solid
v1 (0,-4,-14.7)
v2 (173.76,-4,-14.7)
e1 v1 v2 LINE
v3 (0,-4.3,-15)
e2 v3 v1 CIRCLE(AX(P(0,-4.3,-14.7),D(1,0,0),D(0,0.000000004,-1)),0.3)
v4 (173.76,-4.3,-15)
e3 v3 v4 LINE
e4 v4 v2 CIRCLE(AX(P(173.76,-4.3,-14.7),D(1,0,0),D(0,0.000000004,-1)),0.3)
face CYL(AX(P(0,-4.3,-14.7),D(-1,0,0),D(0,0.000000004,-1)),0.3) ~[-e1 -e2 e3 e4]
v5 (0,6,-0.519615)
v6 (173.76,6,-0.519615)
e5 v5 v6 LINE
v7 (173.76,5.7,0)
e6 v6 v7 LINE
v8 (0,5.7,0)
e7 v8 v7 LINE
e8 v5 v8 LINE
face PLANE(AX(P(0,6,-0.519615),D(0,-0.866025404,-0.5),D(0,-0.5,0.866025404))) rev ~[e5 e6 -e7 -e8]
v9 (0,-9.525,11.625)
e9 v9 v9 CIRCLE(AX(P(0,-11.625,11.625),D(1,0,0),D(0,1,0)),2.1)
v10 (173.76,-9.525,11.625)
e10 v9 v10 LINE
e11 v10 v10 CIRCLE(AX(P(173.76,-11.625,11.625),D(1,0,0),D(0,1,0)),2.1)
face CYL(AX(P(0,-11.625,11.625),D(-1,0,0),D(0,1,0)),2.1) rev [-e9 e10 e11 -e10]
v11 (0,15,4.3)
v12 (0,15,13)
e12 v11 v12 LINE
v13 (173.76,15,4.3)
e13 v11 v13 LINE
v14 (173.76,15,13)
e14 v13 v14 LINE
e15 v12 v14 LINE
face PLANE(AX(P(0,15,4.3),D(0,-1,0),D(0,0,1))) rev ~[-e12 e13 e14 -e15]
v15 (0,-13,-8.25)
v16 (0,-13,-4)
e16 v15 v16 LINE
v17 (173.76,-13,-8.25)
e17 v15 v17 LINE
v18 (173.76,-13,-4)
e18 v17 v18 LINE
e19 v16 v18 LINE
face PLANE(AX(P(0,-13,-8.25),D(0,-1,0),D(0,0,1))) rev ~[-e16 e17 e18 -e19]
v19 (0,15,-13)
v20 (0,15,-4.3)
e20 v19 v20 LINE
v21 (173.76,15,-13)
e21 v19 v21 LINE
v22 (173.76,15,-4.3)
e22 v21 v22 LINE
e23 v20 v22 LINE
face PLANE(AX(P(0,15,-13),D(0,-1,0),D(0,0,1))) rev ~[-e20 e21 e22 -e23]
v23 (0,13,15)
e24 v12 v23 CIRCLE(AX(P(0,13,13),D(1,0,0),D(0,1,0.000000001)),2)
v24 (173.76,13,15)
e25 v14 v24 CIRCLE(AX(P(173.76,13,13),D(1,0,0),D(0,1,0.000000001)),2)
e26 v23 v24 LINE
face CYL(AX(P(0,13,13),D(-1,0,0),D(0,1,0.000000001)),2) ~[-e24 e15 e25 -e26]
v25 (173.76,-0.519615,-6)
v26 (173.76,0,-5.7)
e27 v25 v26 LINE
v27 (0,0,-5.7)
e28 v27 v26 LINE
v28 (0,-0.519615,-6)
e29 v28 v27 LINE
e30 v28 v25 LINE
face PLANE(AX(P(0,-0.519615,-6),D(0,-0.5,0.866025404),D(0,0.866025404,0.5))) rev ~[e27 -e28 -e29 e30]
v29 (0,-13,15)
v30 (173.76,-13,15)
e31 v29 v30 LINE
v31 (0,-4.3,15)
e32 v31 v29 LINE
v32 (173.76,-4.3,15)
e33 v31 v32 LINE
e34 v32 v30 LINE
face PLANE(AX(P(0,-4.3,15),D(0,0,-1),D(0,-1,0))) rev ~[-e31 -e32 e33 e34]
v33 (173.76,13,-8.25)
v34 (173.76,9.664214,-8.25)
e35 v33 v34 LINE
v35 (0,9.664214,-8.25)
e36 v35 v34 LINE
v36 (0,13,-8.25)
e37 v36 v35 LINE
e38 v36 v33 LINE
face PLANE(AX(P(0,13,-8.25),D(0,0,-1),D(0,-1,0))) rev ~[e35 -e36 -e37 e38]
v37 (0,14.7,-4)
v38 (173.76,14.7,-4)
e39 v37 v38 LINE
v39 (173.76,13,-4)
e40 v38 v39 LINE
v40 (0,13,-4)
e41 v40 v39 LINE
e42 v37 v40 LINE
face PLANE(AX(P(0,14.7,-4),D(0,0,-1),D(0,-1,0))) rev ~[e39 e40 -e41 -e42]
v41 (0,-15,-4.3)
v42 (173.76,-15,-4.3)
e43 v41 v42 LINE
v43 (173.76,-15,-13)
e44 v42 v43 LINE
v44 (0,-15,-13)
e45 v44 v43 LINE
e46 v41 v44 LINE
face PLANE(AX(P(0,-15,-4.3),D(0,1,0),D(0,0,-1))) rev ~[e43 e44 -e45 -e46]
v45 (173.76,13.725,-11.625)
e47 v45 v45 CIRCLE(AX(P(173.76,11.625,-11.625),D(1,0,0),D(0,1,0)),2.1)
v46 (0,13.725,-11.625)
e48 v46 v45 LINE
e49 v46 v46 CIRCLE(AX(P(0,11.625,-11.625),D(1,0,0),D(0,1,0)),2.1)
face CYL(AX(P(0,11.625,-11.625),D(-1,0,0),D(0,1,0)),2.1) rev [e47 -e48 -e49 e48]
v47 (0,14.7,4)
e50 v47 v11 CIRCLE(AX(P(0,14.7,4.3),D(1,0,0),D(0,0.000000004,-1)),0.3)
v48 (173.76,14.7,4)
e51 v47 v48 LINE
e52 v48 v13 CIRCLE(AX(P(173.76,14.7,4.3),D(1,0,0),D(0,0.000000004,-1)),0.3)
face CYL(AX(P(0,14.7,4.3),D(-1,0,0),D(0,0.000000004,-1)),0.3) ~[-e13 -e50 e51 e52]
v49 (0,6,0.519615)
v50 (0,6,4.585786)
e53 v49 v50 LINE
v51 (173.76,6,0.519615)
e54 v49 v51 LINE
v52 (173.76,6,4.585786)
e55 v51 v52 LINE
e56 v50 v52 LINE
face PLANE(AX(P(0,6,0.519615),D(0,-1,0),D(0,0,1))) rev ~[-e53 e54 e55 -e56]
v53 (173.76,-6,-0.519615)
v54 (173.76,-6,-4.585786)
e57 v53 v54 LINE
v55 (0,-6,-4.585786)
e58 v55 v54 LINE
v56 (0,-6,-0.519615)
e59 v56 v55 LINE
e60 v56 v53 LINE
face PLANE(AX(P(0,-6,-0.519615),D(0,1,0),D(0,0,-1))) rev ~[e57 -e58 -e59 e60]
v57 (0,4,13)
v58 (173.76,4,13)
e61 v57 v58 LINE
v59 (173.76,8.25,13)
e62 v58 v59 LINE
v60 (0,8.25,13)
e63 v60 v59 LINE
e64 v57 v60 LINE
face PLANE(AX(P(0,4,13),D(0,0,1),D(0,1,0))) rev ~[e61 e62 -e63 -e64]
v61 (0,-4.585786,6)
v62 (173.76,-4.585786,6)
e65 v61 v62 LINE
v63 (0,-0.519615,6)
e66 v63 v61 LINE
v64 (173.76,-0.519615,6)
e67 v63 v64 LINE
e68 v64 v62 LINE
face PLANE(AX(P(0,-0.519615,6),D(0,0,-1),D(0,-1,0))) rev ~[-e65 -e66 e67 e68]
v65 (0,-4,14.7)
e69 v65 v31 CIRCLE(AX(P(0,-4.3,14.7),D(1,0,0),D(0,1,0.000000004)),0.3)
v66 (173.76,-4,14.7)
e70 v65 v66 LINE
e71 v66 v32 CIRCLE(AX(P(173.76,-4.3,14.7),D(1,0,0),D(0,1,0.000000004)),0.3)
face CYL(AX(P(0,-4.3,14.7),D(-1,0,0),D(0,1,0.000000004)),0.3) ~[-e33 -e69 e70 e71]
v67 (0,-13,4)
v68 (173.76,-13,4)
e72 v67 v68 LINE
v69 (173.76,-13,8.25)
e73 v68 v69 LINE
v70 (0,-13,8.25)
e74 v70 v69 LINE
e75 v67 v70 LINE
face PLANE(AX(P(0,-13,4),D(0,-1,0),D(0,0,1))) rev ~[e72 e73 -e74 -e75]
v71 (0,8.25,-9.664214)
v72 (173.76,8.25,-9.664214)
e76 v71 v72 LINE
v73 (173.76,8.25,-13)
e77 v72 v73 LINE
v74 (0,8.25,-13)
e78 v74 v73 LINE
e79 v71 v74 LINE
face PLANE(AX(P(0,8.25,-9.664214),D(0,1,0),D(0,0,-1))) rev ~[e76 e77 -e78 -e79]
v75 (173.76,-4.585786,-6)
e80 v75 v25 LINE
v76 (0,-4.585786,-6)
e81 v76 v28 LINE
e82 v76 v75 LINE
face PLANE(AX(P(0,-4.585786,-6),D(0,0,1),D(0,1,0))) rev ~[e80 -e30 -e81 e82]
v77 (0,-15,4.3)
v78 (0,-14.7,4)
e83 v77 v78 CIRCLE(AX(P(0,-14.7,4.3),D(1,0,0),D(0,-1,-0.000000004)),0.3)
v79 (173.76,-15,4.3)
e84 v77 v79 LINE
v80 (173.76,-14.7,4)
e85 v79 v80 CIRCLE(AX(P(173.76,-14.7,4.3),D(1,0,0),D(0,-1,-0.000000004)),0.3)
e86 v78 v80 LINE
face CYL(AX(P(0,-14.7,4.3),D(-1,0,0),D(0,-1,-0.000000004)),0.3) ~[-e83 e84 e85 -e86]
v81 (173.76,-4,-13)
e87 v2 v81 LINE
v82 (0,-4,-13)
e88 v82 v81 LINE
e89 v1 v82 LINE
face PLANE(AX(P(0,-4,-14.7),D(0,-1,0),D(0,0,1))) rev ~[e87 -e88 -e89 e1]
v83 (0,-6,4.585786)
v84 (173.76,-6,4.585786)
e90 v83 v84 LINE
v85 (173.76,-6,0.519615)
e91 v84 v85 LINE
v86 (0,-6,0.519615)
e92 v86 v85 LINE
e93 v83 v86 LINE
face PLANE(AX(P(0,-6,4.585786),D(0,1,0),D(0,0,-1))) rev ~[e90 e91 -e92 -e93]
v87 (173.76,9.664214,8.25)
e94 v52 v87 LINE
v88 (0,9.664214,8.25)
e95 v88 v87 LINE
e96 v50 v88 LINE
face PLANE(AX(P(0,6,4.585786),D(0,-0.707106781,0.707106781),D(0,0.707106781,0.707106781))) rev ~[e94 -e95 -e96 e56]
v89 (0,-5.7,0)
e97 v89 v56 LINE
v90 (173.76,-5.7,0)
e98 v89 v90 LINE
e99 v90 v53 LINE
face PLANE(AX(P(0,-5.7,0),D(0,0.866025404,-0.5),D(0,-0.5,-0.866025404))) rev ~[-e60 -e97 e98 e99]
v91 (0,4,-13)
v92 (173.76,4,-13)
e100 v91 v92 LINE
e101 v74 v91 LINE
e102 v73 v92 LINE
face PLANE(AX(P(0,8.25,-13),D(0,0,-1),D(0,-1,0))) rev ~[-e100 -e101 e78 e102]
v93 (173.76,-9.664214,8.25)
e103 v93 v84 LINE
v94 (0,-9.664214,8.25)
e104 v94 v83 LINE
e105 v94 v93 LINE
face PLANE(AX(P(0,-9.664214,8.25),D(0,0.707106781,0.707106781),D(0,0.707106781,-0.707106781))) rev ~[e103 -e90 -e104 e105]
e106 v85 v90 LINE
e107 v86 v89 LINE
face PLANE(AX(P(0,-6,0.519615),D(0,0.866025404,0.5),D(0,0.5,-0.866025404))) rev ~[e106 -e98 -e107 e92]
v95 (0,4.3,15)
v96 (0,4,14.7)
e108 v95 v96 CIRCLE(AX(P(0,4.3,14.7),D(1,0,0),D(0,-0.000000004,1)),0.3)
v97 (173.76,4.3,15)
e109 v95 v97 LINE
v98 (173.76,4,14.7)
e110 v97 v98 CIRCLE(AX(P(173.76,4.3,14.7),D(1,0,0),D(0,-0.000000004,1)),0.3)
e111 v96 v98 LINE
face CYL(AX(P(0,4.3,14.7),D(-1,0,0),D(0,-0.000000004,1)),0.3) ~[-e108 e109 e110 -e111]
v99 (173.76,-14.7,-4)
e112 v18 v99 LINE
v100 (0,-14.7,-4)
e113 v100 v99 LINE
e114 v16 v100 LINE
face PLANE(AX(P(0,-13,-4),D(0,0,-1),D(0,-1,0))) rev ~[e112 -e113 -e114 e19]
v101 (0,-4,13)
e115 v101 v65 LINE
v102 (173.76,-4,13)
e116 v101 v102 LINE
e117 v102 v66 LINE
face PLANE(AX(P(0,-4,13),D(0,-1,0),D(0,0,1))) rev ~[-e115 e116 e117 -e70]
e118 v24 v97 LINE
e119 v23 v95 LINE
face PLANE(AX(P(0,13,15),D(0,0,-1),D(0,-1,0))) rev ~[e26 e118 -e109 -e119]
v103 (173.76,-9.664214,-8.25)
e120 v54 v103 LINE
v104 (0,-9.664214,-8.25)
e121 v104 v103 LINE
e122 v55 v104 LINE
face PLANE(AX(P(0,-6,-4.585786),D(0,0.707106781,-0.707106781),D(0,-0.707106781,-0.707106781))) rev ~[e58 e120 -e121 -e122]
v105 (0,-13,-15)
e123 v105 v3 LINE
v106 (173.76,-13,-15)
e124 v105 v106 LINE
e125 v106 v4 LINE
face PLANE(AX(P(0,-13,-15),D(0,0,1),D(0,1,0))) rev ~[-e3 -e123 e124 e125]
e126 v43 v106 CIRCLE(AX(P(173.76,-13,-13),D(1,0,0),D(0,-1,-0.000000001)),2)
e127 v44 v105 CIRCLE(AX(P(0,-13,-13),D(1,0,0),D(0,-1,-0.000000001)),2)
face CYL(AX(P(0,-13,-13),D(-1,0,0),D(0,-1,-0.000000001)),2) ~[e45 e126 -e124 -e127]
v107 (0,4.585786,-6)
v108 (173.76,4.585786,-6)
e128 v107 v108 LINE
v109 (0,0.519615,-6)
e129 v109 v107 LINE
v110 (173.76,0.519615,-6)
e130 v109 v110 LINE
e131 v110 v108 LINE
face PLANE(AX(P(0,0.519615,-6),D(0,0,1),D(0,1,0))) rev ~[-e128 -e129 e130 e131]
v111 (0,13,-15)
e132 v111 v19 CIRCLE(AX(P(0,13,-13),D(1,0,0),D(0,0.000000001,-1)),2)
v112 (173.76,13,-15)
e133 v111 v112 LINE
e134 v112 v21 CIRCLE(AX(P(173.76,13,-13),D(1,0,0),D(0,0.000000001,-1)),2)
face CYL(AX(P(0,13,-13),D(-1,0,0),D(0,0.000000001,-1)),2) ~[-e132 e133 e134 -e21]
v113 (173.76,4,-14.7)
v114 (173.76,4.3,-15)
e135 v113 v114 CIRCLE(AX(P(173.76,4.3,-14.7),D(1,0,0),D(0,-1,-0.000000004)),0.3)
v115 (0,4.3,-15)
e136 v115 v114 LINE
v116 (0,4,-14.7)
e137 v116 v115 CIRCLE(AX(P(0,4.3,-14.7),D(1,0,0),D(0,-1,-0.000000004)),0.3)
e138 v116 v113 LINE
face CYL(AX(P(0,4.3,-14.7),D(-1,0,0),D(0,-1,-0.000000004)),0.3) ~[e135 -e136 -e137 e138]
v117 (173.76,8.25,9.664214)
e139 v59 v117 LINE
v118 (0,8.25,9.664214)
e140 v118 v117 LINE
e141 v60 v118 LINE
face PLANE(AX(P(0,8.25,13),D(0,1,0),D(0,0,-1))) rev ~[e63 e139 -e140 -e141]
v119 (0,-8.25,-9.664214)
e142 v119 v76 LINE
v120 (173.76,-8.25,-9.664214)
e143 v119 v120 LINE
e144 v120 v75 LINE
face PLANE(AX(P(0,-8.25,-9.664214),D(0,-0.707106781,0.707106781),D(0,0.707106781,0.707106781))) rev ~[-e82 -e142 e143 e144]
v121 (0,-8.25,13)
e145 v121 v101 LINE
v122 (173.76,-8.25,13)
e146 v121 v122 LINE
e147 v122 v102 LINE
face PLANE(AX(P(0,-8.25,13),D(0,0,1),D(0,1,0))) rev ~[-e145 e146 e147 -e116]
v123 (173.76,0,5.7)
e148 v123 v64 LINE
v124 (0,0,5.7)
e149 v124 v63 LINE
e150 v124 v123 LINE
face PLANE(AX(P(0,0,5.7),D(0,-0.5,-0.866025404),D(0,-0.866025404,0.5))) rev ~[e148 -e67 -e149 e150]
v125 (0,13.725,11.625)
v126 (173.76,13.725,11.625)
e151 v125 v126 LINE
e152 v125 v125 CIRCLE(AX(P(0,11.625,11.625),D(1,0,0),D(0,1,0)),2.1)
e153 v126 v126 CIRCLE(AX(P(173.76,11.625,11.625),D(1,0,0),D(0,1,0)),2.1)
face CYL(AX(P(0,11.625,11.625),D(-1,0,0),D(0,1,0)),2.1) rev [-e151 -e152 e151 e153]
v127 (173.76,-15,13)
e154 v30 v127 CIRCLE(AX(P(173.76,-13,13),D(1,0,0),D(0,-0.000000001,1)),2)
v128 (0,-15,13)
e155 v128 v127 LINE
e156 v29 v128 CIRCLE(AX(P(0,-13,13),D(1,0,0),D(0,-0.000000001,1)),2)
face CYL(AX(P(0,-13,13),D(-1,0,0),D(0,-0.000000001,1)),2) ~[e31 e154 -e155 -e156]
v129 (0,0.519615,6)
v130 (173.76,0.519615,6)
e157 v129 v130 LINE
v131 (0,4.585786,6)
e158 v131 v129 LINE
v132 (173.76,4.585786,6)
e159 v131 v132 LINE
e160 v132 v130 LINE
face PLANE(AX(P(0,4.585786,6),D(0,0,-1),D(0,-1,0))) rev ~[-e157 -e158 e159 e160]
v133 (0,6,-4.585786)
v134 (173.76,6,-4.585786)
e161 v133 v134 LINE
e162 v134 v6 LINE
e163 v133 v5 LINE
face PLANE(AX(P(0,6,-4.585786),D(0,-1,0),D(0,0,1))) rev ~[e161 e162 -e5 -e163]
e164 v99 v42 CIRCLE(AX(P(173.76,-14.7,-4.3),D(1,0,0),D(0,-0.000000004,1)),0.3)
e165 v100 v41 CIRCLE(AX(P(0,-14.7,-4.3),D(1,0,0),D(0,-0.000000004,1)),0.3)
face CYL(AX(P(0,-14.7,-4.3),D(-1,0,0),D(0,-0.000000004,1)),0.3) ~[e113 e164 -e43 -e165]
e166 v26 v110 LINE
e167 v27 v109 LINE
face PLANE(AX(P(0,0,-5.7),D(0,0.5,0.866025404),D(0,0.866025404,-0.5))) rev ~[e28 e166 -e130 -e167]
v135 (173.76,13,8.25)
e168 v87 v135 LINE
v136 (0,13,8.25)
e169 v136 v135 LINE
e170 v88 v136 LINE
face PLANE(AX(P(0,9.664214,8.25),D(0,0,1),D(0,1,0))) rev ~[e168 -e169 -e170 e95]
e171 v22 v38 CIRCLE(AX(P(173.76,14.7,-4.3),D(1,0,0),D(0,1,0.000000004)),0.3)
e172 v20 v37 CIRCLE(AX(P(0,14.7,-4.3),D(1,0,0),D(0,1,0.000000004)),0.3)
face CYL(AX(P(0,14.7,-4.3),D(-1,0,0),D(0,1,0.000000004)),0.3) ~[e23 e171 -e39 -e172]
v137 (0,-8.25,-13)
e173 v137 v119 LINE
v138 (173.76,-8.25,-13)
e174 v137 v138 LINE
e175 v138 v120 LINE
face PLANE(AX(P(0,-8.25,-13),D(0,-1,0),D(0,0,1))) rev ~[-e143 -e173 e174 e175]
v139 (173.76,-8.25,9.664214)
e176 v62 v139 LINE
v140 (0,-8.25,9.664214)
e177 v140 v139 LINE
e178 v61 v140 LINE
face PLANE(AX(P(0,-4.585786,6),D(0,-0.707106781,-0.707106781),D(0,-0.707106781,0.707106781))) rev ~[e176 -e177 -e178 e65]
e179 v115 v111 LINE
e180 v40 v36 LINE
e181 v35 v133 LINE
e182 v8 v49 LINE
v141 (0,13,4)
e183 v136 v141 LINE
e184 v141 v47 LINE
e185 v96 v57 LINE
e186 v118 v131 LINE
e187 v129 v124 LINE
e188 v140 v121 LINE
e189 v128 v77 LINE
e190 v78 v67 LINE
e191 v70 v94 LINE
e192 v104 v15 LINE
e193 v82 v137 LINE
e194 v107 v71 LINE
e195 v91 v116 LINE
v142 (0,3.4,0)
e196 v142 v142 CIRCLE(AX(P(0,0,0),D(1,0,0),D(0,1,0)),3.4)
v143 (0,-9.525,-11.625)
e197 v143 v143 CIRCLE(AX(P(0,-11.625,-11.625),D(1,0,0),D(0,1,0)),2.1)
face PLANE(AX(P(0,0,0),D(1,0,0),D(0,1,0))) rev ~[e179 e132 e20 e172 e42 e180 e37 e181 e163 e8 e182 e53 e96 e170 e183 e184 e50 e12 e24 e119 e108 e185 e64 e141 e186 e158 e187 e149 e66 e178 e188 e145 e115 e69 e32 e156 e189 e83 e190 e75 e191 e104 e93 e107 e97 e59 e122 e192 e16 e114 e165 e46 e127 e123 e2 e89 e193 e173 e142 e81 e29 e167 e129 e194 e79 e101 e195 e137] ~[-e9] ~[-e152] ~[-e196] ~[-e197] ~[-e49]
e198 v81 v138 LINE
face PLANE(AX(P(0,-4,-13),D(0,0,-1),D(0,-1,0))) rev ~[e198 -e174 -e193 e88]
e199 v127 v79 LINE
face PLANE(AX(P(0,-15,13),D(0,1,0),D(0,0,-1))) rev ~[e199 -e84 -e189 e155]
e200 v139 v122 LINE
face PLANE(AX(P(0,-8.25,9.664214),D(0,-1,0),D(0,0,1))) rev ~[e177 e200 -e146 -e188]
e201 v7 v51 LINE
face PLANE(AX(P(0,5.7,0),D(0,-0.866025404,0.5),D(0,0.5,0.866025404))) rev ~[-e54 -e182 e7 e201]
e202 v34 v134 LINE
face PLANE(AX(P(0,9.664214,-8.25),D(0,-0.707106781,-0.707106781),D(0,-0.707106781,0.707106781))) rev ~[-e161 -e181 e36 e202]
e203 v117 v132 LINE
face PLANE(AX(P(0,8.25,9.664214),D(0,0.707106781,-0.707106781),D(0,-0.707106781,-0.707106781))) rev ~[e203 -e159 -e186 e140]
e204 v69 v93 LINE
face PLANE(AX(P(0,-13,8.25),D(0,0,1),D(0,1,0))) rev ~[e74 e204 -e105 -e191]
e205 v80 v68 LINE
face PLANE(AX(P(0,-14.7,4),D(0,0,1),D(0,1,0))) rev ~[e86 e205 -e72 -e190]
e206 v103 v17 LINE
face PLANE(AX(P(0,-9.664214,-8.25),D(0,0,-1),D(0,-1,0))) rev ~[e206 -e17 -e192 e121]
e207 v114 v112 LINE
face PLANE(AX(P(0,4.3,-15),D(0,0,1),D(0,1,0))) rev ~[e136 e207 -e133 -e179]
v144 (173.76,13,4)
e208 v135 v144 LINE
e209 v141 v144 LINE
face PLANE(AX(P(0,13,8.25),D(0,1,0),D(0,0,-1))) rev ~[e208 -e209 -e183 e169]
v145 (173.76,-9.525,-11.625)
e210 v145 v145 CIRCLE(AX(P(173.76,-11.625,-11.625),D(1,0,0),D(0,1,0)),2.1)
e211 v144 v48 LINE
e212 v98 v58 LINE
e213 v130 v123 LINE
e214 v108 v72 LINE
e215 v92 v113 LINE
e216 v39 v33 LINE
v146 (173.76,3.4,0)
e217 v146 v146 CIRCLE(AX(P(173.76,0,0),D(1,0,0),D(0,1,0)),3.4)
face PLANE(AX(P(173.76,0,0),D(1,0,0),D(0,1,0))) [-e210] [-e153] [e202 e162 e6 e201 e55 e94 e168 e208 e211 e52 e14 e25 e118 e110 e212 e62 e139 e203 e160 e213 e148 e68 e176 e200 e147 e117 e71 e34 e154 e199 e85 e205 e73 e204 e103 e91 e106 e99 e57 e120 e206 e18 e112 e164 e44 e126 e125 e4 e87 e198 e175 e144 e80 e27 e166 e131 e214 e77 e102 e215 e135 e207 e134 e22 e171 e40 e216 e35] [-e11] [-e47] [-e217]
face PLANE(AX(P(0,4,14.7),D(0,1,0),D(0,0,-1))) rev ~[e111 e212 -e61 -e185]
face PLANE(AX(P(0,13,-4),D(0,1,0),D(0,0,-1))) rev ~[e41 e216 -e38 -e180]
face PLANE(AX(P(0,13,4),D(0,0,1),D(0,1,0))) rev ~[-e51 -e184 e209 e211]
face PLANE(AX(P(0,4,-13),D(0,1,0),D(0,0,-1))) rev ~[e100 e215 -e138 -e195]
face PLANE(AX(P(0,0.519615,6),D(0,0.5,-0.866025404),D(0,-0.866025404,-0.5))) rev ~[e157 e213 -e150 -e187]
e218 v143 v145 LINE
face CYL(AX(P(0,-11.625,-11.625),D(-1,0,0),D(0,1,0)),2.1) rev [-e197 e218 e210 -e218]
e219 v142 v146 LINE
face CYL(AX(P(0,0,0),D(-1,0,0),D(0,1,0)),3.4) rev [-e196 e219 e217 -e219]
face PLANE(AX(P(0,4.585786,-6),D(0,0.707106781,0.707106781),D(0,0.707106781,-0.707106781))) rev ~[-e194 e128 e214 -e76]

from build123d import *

# Parameters (mm, degrees)
SKETCH_1_R              = 2.1
SKETCH_1_R_2            = 3.4
F_30XS6_30X30S6_1_DEPTH = 173.76


with BuildPart() as part:
    # 草图1 → 30xs6 30X30S6(1) (new body)
    with BuildSketch(Plane.YZ):
        with BuildLine():
            Line((-14.7, 4), (-13, 4))
            Line((-13, 4), (-13, 8.25))
            Line((-13, 8.25), (-9.664213562, 8.25))
            Line((-9.664213562, 8.25), (-6, 4.585786438))
            Line((-6, 4.585786438), (-6, 0.519615242))
            Line((-6, 0.519615242), (-5.7, 0))
            Line((-5.7, 0), (-6, -0.519615242))
            Line((-6, -0.519615242), (-6, -4.585786438))
            Line((-6, -4.585786438), (-9.664213562, -8.25))
            Line((-9.664213562, -8.25), (-13, -8.25))
            Line((-13, -8.25), (-13, -4))
            Line((-13, -4), (-14.7, -4))
            ThreePointArc((-14.7, -4), (-14.912132034, -4.087867966), (-15, -4.3))
            Line((-15, -4.3), (-15, -13))
            ThreePointArc((-15, -13), (-14.414213562, -14.414213562), (-13, -15))
            Line((-13, -15), (-4.3, -15))
            ThreePointArc((-4.3, -15), (-4.087867966, -14.912132034), (-4, -14.7))
            Line((-4, -14.7), (-4, -13))
            Line((-4, -13), (-8.25, -13))
            Line((-8.25, -13), (-8.25, -9.664213562))
            Line((-8.25, -9.664213562), (-4.585786438, -6))
            Line((-4.585786438, -6), (-0.519615242, -6))
            Line((-0.519615242, -6), (0, -5.7))
            Line((0, -5.7), (0.519615242, -6))
            Line((0.519615242, -6), (4.585786438, -6))
            Line((4.585786438, -6), (8.25, -9.664213562))
            Line((8.25, -9.664213562), (8.25, -13))
            Line((8.25, -13), (4, -13))
            Line((4, -13), (4, -14.7))
            ThreePointArc((4, -14.7), (4.087867966, -14.912132034), (4.3, -15))
            Line((4.3, -15), (13, -15))
            ThreePointArc((13, -15), (14.414213562, -14.414213562), (15, -13))
            Line((15, -13), (15, -4.3))
            ThreePointArc((15, -4.3), (14.912132034, -4.087867966), (14.7, -4))
            Line((14.7, -4), (13, -4))
            Line((13, -4), (13, -8.25))
            Line((13, -8.25), (9.664213562, -8.25))
            Line((9.664213562, -8.25), (6, -4.585786438))
            Line((6, -4.585786438), (6, -0.519615242))
            Line((6, -0.519615242), (5.7, 0))
            Line((5.7, 0), (6, 0.519615242))
            Line((6, 0.519615242), (6, 4.585786438))
            Line((6, 4.585786438), (9.664213562, 8.25))
            Line((9.664213562, 8.25), (13, 8.25))
            Line((13, 8.25), (13, 4))
            Line((13, 4), (14.7, 4))
            ThreePointArc((14.7, 4), (14.912132034, 4.087867966), (15, 4.3))
            Line((15, 4.3), (15, 13))
            ThreePointArc((15, 13), (14.414213562, 14.414213562), (13, 15))
            Line((13, 15), (4.3, 15))
            ThreePointArc((4.3, 15), (4.087867966, 14.912132034), (4, 14.7))
            Line((4, 14.7), (4, 13))
            Line((4, 13), (8.25, 13))
            Line((8.25, 13), (8.25, 9.664213562))
            Line((8.25, 9.664213562), (4.585786438, 6))
            Line((4.585786438, 6), (0.519615242, 6))
            Line((0.519615242, 6), (0, 5.7))
            Line((0, 5.7), (-0.519615242, 6))
            Line((-0.519615242, 6), (-4.585786438, 6))
            Line((-4.585786438, 6), (-8.25, 9.664213562))
            Line((-8.25, 9.664213562), (-8.25, 13))
            Line((-8.25, 13), (-4, 13))
            Line((-4, 13), (-4, 14.7))
            ThreePointArc((-4, 14.7), (-4.087867966, 14.912132034), (-4.3, 15))
            Line((-4.3, 15), (-13, 15))
            ThreePointArc((-13, 15), (-14.414213562, 14.414213562), (-15, 13))
            Line((-15, 13), (-15, 4.3))
            ThreePointArc((-15, 4.3), (-14.912132034, 4.087867966), (-14.7, 4))
        make_face()
        with Locations((11.625, 11.625)):
            Circle(SKETCH_1_R, mode=Mode.SUBTRACT)
        with Locations((11.625, -11.625)):
            Circle(SKETCH_1_R, mode=Mode.SUBTRACT)
        Circle(SKETCH_1_R_2, mode=Mode.SUBTRACT)
        with Locations((-11.625, -11.625)):
            Circle(SKETCH_1_R, mode=Mode.SUBTRACT)
        with Locations((-11.625, 11.625)):
            Circle(SKETCH_1_R, mode=Mode.SUBTRACT)
    extrude(amount=F_30XS6_30X30S6_1_DEPTH)


solid = part.part
